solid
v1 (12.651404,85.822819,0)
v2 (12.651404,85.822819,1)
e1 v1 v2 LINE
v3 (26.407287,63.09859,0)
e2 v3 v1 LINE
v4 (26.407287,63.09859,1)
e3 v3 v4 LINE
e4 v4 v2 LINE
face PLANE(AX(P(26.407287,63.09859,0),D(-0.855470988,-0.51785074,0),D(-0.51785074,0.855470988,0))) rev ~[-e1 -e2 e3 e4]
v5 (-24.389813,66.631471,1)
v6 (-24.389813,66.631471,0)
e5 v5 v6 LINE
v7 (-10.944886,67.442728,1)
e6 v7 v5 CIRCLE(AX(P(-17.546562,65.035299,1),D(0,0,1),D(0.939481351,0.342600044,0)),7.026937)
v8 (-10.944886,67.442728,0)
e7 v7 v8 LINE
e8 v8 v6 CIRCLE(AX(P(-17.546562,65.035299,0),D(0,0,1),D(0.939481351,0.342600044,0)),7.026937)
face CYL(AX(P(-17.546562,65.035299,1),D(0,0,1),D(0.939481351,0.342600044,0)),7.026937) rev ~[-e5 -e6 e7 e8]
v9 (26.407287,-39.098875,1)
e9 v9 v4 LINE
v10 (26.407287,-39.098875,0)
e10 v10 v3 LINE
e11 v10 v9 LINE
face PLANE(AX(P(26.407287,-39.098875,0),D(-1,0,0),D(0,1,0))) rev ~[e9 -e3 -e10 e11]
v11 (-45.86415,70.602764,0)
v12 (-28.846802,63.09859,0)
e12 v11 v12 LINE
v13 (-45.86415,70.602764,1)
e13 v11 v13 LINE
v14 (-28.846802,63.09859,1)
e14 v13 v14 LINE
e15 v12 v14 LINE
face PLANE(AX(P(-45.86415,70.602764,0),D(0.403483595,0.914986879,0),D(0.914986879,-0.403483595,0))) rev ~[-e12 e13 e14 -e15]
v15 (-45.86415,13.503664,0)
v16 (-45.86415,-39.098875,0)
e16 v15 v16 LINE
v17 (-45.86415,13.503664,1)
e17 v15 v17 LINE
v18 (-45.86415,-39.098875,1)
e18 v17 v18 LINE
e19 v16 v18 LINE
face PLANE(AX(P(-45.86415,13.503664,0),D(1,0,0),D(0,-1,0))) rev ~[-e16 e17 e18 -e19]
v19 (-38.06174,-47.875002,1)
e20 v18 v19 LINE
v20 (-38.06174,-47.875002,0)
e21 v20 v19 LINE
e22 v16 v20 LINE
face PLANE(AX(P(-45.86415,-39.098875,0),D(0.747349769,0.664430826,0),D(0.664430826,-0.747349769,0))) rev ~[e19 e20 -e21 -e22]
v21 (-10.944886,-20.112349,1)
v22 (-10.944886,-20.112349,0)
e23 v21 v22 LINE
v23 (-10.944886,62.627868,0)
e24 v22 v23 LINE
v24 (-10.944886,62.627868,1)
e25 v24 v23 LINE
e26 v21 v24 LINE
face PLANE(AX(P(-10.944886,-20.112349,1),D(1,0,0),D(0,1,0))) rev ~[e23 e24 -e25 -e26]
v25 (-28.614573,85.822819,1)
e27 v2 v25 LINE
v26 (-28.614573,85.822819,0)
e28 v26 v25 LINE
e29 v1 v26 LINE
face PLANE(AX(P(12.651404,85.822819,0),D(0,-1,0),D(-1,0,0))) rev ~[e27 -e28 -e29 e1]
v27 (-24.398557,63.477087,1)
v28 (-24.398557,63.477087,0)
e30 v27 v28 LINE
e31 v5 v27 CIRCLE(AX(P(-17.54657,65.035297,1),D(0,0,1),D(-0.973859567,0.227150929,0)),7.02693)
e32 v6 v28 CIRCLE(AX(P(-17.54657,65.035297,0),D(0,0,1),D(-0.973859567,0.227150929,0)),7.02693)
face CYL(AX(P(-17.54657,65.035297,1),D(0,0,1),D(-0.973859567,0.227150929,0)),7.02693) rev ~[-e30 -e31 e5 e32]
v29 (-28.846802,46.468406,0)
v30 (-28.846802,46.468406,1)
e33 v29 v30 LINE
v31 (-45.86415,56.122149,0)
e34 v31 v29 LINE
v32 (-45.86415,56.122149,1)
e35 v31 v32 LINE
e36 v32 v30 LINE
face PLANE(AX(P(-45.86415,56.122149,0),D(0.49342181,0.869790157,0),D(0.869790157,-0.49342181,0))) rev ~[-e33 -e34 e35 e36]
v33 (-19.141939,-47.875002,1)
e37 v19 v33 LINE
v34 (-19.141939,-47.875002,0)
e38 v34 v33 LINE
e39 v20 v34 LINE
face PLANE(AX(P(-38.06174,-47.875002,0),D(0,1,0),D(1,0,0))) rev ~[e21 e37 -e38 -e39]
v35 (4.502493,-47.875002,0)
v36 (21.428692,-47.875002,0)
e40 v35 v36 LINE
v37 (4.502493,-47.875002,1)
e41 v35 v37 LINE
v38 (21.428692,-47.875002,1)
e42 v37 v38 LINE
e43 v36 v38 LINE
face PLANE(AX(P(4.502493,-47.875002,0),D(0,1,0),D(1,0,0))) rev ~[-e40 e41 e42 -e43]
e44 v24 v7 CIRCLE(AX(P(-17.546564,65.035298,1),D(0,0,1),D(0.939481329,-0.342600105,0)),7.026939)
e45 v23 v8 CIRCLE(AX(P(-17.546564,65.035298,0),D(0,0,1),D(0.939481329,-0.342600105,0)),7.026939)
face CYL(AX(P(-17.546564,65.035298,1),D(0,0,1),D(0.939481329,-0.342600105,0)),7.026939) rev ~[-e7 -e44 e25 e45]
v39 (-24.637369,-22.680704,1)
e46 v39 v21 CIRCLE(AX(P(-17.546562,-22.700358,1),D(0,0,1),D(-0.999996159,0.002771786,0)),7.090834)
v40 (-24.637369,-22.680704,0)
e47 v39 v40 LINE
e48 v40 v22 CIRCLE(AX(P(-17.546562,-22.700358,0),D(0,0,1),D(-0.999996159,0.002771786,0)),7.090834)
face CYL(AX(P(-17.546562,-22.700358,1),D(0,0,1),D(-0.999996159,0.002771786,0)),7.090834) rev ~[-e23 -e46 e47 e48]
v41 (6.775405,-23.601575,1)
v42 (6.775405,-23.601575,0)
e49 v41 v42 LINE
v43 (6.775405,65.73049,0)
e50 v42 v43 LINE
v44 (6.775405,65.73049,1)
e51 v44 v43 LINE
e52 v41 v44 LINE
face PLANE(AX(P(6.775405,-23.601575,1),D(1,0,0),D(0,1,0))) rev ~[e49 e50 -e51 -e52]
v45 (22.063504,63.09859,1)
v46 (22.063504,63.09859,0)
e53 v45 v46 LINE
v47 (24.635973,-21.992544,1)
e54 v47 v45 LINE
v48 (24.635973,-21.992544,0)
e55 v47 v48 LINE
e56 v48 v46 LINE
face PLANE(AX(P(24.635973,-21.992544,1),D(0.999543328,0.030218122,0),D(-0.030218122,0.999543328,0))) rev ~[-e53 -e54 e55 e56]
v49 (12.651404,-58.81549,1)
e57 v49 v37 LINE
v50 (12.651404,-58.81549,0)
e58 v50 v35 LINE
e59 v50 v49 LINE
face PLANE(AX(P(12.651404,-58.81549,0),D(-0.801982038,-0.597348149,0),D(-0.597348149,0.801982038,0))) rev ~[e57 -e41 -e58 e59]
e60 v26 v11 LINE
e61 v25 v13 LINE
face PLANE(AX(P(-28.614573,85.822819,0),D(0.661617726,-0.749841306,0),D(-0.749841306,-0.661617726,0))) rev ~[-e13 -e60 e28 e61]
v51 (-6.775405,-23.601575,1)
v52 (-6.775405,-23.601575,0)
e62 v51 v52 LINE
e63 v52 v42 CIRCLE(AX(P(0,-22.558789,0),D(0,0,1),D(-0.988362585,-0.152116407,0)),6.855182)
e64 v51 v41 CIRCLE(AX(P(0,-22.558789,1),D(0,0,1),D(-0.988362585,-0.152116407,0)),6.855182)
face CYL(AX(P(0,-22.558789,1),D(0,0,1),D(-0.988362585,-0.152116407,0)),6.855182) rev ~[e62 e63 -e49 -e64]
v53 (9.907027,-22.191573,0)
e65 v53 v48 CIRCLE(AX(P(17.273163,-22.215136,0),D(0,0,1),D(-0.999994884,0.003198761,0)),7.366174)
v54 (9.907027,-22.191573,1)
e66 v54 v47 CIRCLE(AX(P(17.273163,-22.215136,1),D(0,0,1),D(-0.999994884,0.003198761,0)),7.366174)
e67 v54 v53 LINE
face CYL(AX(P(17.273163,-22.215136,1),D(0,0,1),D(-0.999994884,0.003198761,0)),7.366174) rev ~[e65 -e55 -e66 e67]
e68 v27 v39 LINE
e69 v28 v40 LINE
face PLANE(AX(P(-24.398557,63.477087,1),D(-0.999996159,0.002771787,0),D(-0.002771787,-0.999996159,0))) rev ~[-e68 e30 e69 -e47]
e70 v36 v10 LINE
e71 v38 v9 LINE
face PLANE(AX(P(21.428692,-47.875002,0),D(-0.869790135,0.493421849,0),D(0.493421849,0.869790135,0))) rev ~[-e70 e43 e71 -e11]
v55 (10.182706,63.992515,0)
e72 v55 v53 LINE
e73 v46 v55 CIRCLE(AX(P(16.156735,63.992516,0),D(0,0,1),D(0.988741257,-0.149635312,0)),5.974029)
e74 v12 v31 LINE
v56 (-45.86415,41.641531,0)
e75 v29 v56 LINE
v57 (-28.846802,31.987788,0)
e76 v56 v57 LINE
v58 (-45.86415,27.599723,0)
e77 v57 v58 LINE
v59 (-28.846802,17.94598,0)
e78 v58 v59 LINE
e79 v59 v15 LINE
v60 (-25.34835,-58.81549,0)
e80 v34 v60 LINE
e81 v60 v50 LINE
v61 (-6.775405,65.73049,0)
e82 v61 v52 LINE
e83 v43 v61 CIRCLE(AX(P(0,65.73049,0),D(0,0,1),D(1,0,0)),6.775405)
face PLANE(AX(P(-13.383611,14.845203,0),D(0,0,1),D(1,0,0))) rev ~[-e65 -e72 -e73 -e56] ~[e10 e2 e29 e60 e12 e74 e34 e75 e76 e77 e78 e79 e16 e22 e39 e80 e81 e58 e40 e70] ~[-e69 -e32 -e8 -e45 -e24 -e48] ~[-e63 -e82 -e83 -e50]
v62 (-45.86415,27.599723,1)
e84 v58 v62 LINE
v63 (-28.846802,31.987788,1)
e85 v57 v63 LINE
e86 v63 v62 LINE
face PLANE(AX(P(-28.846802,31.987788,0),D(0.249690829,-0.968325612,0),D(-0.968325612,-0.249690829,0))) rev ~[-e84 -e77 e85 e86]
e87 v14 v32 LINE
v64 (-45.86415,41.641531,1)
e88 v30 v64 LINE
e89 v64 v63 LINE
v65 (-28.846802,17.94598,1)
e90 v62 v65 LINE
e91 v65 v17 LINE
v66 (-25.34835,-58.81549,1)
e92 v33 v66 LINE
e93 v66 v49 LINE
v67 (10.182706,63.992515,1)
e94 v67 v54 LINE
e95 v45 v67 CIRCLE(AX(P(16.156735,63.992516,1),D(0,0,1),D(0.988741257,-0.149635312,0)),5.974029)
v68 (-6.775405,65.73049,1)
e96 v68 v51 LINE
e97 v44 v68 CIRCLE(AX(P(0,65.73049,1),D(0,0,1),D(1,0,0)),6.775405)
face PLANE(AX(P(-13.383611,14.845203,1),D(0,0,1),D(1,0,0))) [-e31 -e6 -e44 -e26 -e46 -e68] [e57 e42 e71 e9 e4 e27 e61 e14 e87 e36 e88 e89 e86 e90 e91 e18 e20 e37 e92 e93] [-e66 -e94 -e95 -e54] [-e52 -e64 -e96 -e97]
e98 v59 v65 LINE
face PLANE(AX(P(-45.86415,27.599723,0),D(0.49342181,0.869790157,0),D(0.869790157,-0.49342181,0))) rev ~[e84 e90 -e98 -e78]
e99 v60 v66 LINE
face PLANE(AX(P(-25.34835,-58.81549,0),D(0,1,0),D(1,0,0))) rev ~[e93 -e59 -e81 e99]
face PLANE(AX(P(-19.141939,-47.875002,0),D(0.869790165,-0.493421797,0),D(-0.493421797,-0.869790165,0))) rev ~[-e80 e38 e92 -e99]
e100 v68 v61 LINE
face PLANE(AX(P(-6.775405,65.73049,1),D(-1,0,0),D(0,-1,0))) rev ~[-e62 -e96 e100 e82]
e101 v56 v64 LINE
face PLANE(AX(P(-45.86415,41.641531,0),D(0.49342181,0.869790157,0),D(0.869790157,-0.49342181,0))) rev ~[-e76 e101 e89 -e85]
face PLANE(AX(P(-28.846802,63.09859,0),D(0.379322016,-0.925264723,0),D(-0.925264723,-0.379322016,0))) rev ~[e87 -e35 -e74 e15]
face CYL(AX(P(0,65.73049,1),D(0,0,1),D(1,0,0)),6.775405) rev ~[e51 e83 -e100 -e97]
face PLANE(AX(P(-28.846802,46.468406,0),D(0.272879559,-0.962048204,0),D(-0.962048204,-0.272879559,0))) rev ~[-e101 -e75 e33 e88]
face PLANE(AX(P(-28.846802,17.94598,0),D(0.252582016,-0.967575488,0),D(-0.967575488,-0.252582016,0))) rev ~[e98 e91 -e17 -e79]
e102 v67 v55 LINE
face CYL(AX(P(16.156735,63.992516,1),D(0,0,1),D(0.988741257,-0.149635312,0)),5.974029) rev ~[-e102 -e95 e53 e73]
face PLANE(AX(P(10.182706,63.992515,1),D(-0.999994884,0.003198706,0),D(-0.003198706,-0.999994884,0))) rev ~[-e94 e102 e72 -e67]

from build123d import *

# Parameters (mm, degrees)
F1_DEPTH = 1
F3_DEPTH = 1


with BuildPart() as f1:
    # F0 (on Top) → F1 (new body)
    with BuildSketch(Plane.XY):
        Polygon((12.651404, 85.822819), (-28.614573, 85.822819), (-45.86415, 70.602764), (-28.846802, 63.09859), (-45.86415, 56.122149), (-28.846802, 46.468406), (-45.86415, 41.641531), (-28.846802, 31.987788), (-45.86415, 27.599723), (-28.846802, 17.94598), (-45.86415, 13.503664), (-45.86415, -39.098875), (-38.06174, -47.875002), (-19.141939, -47.875002), (-25.34835, -58.81549), (12.651404, -58.81549), (4.502493, -47.875002), (21.428692, -47.875002), (26.407287, -39.098875), (26.407287, 63.09859), align=None)
    extrude(amount=F1_DEPTH)

    # F2 (on face) → F3 (cut)
    with BuildSketch(Plane.XY.offset(1)):
        with BuildLine():
            Line((-10.944886, 67.442728), (-10.944886, 62.627868))
            ThreePointArc((-10.944886, 62.627868), (-10.519625, 65.035298), (-10.944886, 67.442728))
        make_face()
        with BuildLine():
            Line((-10.944886, -20.112349), (-10.944886, 62.627868))
            Line((-10.944886, 62.627868), (-10.944886, 67.442728))
            ThreePointArc((-10.944886, 67.442728), (-17.969793, 72.049479), (-24.389813, 66.631471))
            Line((-24.389813, 66.631471), (-24.398557, 63.477087))
            Line((-24.398557, 63.477087), (-24.637369, -22.680704))
            ThreePointArc((-24.637369, -22.680704), (-16.239304, -29.669648), (-10.944886, -20.112349))
        make_face()
        with BuildLine():
            Line((-24.398557, 63.477087), (-24.389813, 66.631471))
            ThreePointArc((-24.389813, 66.631471), (-24.573473, 65.054776), (-24.398557, 63.477087))
        make_face()
        with BuildLine():
            Line((-6.775405, 65.73049), (-6.775405, -23.601575))
            ThreePointArc((-6.775405, -23.601575), (0, -29.413971), (6.775405, -23.601575))
            Line((6.775405, -23.601575), (6.775405, 65.73049))
            ThreePointArc((6.775405, 65.73049), (0, 72.505895), (-6.775405, 65.73049))
        make_face()
        with BuildLine():
            Line((10.182706, 63.992515), (9.907027, -22.191573))
            ThreePointArc((9.907027, -22.191573), (17.372692, -29.580637), (24.635973, -21.992544))
            Line((24.635973, -21.992544), (22.063504, 63.09859))
            ThreePointArc((22.063504, 63.09859), (16.604961, 69.949706), (10.182706, 63.992515))
        make_face()
    extrude(amount=-F3_DEPTH, mode=Mode.SUBTRACT)


solid = f1.part
